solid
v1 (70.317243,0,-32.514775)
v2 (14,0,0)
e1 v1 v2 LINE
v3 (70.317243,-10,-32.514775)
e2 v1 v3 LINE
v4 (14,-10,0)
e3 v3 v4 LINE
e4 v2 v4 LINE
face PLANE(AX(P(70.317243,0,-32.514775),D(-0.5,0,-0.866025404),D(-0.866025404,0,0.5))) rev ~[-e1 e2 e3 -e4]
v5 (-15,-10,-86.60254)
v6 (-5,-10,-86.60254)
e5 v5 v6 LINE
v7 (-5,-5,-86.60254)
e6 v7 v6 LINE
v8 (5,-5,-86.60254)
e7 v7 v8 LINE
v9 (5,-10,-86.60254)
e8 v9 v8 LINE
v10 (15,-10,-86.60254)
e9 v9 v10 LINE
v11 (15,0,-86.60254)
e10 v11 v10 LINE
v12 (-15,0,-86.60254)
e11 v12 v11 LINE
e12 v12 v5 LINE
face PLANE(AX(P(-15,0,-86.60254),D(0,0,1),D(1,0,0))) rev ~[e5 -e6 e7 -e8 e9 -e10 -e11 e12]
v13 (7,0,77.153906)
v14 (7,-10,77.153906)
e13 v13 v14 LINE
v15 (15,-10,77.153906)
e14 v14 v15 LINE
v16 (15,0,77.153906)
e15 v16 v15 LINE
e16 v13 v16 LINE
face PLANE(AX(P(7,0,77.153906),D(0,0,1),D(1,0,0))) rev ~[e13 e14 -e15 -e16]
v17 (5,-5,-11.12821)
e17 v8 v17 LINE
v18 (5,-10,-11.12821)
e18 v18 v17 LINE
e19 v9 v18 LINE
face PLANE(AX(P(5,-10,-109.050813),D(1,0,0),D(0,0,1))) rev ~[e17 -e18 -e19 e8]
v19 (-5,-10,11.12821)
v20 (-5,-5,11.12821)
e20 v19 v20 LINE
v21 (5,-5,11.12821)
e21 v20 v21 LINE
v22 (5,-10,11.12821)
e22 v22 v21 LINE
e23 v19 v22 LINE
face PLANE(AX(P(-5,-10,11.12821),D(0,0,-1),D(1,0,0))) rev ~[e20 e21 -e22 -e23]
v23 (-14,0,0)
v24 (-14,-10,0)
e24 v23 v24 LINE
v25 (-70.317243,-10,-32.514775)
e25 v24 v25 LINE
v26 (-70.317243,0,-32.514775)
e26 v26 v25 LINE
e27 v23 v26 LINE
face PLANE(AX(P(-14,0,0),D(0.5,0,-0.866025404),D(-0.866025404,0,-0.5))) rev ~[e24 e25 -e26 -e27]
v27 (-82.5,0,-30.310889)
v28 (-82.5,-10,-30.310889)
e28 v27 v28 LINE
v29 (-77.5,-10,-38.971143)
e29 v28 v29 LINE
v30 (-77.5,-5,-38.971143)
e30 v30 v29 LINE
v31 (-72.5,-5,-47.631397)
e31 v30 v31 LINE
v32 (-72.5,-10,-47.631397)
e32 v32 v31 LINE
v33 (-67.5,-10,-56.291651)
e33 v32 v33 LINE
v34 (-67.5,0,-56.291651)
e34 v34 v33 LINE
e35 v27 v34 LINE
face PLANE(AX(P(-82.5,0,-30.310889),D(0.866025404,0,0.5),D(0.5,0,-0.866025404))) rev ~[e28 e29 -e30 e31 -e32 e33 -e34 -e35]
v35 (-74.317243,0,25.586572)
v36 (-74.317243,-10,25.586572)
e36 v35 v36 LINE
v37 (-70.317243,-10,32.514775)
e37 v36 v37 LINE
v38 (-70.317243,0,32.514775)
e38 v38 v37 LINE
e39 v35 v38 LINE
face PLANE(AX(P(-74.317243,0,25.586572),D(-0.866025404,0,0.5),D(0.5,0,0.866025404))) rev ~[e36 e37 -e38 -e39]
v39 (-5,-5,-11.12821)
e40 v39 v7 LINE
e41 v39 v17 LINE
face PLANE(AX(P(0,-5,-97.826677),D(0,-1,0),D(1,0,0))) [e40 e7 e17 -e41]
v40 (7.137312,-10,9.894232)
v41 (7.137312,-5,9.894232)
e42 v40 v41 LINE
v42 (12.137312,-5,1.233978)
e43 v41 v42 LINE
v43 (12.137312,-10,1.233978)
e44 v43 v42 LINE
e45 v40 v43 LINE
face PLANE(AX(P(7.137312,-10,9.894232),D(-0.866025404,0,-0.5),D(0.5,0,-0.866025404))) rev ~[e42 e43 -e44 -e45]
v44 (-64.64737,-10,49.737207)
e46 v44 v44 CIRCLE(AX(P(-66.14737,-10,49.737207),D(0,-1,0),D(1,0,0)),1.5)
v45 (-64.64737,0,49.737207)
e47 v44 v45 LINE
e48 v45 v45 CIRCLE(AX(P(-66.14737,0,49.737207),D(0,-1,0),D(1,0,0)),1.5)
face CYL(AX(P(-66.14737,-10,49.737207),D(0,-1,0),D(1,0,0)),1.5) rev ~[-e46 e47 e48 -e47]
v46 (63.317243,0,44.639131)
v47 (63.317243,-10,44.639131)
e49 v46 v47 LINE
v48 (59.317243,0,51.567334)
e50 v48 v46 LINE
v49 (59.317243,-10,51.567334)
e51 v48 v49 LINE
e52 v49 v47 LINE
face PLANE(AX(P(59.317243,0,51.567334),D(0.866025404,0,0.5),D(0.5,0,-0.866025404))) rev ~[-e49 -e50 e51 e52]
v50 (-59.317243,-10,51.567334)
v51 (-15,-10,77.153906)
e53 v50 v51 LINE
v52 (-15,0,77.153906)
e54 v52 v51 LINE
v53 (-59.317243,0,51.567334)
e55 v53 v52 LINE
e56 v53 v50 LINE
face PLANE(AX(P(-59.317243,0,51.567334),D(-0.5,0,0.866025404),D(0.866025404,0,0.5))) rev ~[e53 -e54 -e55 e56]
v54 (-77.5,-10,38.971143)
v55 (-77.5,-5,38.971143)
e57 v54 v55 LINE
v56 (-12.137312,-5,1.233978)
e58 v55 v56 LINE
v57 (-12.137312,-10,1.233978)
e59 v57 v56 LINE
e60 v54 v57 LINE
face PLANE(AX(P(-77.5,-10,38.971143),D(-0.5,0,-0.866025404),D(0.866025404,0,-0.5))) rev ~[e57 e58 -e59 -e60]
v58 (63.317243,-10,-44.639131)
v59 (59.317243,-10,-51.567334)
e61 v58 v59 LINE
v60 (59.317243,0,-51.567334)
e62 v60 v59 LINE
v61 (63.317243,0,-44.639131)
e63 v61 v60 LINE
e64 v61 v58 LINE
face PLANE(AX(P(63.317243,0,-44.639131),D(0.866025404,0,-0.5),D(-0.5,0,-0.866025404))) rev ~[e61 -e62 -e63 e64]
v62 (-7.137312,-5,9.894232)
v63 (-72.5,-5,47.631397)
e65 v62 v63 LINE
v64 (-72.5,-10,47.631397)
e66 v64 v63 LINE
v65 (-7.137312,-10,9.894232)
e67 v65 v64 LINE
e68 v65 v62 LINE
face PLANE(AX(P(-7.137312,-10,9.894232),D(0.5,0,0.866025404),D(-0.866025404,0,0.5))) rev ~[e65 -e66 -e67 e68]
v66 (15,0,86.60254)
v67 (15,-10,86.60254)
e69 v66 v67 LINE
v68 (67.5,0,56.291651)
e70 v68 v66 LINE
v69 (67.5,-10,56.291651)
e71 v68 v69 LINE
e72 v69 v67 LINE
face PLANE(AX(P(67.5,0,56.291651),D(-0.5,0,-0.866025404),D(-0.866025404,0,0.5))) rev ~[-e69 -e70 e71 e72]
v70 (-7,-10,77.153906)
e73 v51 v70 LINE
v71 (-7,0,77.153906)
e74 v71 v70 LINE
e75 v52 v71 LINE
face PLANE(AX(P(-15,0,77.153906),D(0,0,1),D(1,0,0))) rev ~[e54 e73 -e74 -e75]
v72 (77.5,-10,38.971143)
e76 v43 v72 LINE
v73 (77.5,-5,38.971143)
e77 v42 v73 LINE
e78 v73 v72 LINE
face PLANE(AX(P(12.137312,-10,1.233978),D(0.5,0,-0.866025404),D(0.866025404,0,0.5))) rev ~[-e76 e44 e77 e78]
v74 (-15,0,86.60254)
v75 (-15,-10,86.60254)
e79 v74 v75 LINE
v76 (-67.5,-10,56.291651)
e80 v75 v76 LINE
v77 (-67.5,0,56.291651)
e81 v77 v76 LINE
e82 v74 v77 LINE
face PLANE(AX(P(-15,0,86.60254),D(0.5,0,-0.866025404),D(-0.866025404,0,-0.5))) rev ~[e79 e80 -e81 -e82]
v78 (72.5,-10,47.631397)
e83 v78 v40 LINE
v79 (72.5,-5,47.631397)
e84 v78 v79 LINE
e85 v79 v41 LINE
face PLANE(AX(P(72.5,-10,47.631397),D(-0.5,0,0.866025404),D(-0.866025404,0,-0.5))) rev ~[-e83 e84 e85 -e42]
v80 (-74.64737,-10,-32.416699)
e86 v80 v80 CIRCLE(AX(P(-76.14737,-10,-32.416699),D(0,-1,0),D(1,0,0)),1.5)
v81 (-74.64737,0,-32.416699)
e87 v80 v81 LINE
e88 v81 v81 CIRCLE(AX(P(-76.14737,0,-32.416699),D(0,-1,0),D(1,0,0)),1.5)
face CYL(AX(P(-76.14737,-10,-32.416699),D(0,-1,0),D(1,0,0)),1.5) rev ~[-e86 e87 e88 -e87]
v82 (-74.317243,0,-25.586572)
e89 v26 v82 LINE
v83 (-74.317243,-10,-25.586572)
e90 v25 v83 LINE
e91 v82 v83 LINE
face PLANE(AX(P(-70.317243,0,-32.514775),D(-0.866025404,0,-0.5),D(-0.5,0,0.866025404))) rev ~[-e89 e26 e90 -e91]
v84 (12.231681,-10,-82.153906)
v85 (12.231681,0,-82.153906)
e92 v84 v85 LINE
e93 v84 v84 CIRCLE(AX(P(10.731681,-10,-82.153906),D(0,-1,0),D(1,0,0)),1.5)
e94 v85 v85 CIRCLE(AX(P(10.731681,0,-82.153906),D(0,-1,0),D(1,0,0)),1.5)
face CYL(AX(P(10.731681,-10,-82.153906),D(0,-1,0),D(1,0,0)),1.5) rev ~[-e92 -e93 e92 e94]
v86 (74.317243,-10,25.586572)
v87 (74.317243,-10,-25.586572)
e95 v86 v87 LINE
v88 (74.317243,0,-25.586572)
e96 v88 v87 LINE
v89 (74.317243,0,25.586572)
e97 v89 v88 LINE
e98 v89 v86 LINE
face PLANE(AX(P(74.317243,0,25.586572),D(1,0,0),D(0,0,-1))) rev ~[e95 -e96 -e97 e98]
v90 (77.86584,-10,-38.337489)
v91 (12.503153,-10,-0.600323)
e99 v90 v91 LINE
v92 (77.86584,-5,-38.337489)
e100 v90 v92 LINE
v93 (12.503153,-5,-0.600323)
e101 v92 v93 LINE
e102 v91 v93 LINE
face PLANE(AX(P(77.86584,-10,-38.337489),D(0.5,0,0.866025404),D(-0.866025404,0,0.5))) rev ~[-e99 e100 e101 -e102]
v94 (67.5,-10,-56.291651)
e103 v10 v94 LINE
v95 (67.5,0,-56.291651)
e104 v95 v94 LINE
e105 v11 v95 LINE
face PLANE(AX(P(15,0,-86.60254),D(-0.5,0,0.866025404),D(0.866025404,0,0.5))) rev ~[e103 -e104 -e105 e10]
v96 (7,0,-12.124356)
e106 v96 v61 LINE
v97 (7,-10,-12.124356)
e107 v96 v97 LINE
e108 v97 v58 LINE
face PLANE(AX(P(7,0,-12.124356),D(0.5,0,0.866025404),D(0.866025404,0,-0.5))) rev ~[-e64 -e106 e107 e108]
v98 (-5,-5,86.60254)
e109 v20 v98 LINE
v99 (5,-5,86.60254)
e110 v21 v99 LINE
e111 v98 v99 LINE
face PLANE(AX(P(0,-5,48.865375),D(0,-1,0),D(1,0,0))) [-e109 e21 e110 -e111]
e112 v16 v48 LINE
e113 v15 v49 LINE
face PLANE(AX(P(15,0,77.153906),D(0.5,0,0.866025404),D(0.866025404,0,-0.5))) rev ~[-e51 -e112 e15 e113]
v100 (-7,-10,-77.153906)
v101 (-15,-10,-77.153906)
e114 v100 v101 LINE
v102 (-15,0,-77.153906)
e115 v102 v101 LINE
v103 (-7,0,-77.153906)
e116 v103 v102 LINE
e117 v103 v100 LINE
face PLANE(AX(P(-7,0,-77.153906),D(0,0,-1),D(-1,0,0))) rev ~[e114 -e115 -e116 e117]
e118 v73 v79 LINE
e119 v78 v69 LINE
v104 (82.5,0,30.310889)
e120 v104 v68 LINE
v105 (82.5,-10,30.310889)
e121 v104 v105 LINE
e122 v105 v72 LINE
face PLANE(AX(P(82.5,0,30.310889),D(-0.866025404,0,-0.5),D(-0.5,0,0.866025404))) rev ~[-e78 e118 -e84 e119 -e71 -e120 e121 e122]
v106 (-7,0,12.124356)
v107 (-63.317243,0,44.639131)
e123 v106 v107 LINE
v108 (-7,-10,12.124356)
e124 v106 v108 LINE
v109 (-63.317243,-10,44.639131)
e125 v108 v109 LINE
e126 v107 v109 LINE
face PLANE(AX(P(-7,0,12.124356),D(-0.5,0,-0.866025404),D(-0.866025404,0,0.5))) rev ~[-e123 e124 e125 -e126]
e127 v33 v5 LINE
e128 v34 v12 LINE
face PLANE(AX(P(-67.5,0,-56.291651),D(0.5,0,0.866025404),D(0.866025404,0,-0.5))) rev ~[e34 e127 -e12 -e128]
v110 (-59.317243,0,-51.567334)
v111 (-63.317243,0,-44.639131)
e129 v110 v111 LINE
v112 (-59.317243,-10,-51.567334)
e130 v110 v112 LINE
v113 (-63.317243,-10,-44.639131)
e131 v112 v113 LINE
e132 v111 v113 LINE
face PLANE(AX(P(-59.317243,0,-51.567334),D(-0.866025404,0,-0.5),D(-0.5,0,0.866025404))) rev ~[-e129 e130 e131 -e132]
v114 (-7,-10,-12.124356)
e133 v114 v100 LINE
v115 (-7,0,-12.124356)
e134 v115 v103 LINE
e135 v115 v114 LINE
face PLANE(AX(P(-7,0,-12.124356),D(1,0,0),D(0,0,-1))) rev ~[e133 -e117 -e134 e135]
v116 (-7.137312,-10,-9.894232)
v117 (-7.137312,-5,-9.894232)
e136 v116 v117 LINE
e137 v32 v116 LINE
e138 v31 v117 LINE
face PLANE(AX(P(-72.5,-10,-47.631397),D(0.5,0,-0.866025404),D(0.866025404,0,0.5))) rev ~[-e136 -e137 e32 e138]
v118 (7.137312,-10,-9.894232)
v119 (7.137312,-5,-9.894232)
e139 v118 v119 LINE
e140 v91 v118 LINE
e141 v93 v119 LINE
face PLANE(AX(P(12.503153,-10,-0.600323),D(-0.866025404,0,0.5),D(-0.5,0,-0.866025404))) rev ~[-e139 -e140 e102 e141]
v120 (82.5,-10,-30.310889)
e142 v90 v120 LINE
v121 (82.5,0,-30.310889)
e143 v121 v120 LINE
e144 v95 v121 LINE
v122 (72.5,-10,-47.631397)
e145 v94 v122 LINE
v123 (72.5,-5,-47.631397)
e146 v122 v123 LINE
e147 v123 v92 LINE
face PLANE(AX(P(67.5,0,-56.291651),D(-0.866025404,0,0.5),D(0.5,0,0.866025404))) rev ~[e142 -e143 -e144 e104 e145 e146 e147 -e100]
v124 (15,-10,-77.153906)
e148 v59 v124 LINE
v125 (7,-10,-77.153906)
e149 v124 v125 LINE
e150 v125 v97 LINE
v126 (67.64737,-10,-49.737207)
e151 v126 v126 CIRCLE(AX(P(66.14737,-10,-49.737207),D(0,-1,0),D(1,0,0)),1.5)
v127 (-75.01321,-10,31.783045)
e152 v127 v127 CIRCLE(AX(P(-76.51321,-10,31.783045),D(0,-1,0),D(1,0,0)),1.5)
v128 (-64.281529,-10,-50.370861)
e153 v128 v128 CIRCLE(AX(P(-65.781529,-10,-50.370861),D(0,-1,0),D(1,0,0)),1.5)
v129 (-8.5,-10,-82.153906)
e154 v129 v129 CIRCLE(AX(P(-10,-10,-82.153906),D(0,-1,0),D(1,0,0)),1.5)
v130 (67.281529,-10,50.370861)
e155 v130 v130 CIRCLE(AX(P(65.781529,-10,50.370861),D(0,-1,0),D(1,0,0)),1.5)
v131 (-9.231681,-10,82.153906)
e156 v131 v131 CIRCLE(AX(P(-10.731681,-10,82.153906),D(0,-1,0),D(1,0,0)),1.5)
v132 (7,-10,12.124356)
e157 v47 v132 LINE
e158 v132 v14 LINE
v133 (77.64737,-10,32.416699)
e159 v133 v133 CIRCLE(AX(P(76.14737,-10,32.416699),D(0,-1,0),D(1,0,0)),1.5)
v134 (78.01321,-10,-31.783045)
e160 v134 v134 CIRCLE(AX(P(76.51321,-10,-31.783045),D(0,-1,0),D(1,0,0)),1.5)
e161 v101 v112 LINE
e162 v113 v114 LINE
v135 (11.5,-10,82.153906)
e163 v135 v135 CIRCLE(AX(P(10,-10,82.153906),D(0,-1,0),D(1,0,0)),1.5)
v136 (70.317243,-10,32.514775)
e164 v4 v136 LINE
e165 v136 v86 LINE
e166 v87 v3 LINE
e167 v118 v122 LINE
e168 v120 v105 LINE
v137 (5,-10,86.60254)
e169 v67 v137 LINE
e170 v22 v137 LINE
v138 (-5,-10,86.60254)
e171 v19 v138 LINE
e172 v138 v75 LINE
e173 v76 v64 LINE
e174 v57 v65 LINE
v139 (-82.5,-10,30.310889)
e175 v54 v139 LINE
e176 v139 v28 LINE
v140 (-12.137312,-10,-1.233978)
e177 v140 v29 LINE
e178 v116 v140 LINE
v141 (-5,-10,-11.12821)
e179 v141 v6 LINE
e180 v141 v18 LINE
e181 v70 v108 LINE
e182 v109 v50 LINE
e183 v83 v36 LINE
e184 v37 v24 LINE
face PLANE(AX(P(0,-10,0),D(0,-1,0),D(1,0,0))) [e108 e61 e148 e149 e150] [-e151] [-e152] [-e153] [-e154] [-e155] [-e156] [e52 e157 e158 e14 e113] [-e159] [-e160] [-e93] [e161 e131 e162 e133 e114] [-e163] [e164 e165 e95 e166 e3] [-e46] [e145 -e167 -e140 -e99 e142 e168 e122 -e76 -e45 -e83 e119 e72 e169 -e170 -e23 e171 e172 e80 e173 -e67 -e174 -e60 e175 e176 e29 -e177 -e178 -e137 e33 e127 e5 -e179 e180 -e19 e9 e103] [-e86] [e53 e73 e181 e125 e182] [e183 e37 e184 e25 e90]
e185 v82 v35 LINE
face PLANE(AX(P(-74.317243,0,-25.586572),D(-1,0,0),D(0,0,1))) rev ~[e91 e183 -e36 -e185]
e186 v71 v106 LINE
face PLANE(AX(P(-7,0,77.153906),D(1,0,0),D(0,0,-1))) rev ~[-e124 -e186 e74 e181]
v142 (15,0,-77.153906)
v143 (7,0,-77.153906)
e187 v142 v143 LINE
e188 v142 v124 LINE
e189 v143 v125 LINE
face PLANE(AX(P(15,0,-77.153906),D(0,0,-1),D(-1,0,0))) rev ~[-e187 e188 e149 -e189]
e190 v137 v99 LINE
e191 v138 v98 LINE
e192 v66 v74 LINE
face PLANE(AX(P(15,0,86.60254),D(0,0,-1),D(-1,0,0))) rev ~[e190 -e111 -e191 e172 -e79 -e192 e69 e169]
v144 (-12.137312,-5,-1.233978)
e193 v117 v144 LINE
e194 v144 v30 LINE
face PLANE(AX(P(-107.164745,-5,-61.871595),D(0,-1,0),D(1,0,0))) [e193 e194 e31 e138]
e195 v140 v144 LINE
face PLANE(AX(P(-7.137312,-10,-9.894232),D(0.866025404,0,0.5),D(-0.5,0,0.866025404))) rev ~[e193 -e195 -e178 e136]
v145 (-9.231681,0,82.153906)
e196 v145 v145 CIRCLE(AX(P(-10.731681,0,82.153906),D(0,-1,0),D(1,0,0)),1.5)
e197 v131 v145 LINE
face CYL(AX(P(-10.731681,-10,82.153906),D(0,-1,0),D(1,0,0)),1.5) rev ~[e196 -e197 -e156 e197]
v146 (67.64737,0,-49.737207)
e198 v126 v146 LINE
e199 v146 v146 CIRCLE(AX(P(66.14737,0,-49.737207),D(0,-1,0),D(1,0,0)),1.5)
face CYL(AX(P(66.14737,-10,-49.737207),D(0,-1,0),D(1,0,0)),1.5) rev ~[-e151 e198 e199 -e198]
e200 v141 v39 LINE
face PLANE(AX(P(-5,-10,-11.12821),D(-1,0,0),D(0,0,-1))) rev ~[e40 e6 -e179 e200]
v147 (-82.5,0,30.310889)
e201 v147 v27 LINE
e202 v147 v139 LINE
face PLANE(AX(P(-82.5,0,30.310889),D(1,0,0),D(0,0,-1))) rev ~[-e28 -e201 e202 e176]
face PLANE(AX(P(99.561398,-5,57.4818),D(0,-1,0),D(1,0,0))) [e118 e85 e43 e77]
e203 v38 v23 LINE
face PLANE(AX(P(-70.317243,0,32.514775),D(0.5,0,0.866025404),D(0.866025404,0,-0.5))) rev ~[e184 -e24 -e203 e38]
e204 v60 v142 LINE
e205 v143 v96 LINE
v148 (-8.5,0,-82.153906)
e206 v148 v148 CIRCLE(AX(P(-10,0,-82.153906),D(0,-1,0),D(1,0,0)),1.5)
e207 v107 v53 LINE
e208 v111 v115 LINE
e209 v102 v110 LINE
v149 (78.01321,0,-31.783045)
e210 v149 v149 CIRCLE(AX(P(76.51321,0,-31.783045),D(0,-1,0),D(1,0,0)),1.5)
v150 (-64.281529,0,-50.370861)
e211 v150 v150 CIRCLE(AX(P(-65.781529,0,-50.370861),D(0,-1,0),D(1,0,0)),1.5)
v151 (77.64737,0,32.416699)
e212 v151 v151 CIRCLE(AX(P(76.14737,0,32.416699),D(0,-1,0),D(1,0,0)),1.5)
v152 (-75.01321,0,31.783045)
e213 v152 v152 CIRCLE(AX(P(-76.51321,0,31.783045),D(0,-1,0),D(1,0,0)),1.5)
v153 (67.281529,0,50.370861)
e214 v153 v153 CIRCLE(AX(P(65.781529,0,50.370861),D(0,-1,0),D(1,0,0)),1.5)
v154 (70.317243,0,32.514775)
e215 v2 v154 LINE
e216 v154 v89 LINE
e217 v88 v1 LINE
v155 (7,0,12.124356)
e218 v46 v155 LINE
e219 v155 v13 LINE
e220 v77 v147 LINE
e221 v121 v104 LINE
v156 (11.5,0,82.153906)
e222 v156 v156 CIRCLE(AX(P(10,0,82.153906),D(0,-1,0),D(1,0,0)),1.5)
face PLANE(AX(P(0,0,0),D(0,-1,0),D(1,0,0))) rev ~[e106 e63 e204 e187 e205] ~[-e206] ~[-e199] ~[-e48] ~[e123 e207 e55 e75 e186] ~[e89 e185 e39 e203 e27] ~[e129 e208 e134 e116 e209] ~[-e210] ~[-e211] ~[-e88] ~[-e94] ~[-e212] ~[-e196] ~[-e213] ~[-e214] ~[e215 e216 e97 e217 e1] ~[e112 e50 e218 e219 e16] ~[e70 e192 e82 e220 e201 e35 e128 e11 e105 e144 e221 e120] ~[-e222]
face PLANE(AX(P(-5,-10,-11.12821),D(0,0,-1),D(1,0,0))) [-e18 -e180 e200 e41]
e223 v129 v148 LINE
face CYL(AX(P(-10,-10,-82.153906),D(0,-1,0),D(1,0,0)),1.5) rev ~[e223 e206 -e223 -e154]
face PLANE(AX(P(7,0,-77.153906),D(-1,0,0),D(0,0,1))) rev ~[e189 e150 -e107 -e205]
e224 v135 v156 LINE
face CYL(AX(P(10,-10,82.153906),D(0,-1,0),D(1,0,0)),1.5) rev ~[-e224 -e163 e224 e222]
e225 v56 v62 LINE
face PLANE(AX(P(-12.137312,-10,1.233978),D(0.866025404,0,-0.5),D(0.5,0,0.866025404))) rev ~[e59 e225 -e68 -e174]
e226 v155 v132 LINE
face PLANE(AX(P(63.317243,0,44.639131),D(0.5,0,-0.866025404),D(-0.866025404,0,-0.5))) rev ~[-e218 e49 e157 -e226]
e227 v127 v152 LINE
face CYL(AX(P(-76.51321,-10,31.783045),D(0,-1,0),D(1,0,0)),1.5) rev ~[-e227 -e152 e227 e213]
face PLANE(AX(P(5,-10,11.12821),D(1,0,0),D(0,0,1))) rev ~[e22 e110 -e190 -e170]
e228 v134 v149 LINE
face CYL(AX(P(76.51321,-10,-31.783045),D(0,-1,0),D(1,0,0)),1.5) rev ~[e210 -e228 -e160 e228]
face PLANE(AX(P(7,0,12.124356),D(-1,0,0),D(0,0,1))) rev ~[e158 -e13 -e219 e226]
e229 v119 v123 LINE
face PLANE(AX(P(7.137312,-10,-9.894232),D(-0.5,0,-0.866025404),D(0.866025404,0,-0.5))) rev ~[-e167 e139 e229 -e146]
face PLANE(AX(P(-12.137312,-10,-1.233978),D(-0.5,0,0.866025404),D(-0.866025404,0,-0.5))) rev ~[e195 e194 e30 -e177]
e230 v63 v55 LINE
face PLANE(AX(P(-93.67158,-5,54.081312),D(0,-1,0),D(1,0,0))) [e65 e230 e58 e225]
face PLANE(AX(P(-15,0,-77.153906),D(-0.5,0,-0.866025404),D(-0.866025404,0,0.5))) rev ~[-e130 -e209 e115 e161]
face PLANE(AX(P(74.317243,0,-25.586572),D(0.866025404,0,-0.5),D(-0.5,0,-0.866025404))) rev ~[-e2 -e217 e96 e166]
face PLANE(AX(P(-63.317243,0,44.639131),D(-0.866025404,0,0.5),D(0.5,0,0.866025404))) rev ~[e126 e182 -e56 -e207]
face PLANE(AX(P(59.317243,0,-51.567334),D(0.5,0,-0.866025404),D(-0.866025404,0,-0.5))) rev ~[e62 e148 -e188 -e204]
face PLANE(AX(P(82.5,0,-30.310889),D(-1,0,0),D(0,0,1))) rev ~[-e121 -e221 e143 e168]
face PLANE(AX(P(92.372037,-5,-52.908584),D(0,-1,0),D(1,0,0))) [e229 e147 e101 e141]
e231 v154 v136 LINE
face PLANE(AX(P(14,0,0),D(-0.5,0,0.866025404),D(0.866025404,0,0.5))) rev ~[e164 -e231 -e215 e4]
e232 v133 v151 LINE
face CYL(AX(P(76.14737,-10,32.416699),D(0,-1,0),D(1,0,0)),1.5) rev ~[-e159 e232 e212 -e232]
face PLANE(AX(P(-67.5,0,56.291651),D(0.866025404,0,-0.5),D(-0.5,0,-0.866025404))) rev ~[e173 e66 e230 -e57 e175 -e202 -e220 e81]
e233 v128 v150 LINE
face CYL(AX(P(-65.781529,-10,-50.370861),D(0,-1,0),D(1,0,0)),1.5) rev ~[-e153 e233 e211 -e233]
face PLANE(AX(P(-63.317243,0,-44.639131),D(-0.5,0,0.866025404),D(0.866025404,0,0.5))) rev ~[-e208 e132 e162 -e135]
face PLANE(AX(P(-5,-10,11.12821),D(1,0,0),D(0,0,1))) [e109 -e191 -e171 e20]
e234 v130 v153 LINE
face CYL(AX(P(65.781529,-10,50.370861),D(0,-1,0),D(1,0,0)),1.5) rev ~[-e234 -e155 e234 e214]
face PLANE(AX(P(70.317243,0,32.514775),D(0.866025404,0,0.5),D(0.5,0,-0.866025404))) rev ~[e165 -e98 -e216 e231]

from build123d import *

# Parameters (mm, degrees)
F1_DEPTH = 10
F2_W     = 10
F2_H     = 75.4743308471
F2_H_2   = 22.4482722858
F3_DEPTH = 5
F4_R     = 1.5
F5_DEPTH = 25


with BuildPart() as f1:
    # F0 (on Front) → F1 (new body)
    with BuildSketch(Plane.XZ):
        Polygon((15, 86.6025403784), (-15, 86.6025403784), (-15, 77.153906079), (-7, 77.153906079), (-7, 12.124355653), (-63.3172426656, 44.639130866), (-59.3172426656, 51.5673340962), (-67.5, 56.291651246), (-82.5, 30.3108891325), (-74.3172426656, 25.5865719827), (-70.3172426656, 32.514775213), (-14, 0), (-70.3172426656, -32.514775213), (-74.3172426656, -25.5865719827), (-82.5, -30.3108891325), (-67.5, -56.291651246), (-59.3172426656, -51.5673340962), (-63.3172426656, -44.639130866), (-7, -12.124355653), (-7, -77.153906079), (-15, -77.153906079), (-15, -86.6025403784), (15, -86.6025403784), (15, -77.153906079), (7, -77.153906079), (7, -12.124355653), (63.3172426656, -44.639130866), (59.3172426656, -51.5673340962), (67.5, -56.291651246), (82.5, -30.3108891325), (74.3172426656, -25.5865719827), (70.3172426656, -32.514775213), (14, 0), (70.3172426656, 32.514775213), (74.3172426656, 25.5865719827), (82.5, 30.3108891325), (67.5, 56.291651246), (59.3172426656, 51.5673340962), (63.3172426656, 44.639130866), (7, 12.124355653), (7, 77.153906079), (15, 77.153906079), align=None)
        Polygon((-59.3172426656, -51.5673340962), (-67.5, -56.291651246), (-15, -86.6025403784), (-15, -77.153906079), align=None)
        Polygon((-74.3172426656, 25.5865719827), (-82.5, 30.3108891325), (-82.5, -30.3108891325), (-74.3172426656, -25.5865719827), align=None)
        Polygon((-15, 77.153906079), (-15, 86.6025403784), (-67.5, 56.291651246), (-59.3172426656, 51.5673340962), align=None)
        Polygon((67.5, 56.291651246), (15, 86.6025403784), (15, 77.153906079), (59.3172426656, 51.5673340962), align=None)
        Polygon((82.5, -30.3108891325), (82.5, 30.3108891325), (74.3172426656, 25.5865719827), (74.3172426656, -25.5865719827), align=None)
        Polygon((15, -86.6025403784), (67.5, -56.291651246), (59.3172426656, -51.5673340962), (15, -77.153906079), align=None)
    extrude(amount=F1_DEPTH)

    # F2 (on face) → F3 (cut)
    with BuildSketch(Plane.XZ.offset(10)):
        Polygon((-77.5, 38.9711431703), (-72.5, 47.6313972081), (-109.8431605698, 69.1914810155), (-114.8431605698, 60.5312269776), align=None)
        with Locations((0, 48.8653749549)):
            Rectangle(F2_W, F2_H)
        Polygon((121.6227966993, 75.9924571058), (72.5, 47.6313972081), (77.5, 38.9711431703), (126.6227966993, 67.332203068), align=None)
        Polygon((77.8658404617, -38.3374889031), (72.5, -47.6313972081), (106.878233392, -67.4796795113), (112.2440738537, -58.1857712063), align=None)
        with Locations((0, -97.8266765213)):
            Rectangle(F2_W, F2_H_2)
        Polygon((-72.5, -47.6313972081), (-77.5, -38.9711431703), (-141.8294904827, -76.1117918173), (-136.8294904827, -84.7720458552), align=None)
        with Locations((0, -48.8653749549)):
            Rectangle(F2_W, F2_H)
        Polygon((-7.1373121527, -9.8942317846), (-12.1373121527, -1.2339777467), (-77.5, -38.9711431703), (-72.5, -47.6313972081), align=None)
        Polygon((-12.1373121527, 1.2339777467), (-7.1373121527, 9.8942317846), (-72.5, 47.6313972081), (-77.5, 38.9711431703), align=None)
        Polygon((72.5, 47.6313972081), (7.1373121527, 9.8942317846), (12.1373121527, 1.2339777467), (77.5, 38.9711431703), align=None)
        Polygon((12.5031526145, -0.6003234796), (7.1373121527, -9.8942317846), (72.5, -47.6313972081), (77.8658404617, -38.3374889031), align=None)
    extrude(amount=-F3_DEPTH, mode=Mode.SUBTRACT)

    # F4 (on face) → F5 (cut)
    with BuildSketch(Plane.XZ.offset(10)):
        with Locations((66.1473696845, -49.7372070773)):
            Circle(F4_R)
        with Locations((76.5132101462, -31.7830447345)):
            Circle(F4_R)
        with Locations((76.1473696845, 32.4166990016)):
            Circle(F4_R)
        with Locations((65.7815292228, 50.3708613445)):
            Circle(F4_R)
        with Locations((10, 82.153906079)):
            Circle(F4_R)
        with Locations((-10.7316809234, 82.153906079)):
            Circle(F4_R)
        with Locations((-66.1473696845, 49.7372070773)):
            Circle(F4_R)
        with Locations((-76.5132101462, 31.7830447345)):
            Circle(F4_R)
        with Locations((-76.1473696845, -32.4166990016)):
            Circle(F4_R)
        with Locations((-65.7815292228, -50.3708613445)):
            Circle(F4_R)
        with Locations((-10, -82.153906079)):
            Circle(F4_R)
        with Locations((10.7316809234, -82.153906079)):
            Circle(F4_R)
    extrude(amount=-F5_DEPTH, mode=Mode.SUBTRACT)


solid = f1.part
